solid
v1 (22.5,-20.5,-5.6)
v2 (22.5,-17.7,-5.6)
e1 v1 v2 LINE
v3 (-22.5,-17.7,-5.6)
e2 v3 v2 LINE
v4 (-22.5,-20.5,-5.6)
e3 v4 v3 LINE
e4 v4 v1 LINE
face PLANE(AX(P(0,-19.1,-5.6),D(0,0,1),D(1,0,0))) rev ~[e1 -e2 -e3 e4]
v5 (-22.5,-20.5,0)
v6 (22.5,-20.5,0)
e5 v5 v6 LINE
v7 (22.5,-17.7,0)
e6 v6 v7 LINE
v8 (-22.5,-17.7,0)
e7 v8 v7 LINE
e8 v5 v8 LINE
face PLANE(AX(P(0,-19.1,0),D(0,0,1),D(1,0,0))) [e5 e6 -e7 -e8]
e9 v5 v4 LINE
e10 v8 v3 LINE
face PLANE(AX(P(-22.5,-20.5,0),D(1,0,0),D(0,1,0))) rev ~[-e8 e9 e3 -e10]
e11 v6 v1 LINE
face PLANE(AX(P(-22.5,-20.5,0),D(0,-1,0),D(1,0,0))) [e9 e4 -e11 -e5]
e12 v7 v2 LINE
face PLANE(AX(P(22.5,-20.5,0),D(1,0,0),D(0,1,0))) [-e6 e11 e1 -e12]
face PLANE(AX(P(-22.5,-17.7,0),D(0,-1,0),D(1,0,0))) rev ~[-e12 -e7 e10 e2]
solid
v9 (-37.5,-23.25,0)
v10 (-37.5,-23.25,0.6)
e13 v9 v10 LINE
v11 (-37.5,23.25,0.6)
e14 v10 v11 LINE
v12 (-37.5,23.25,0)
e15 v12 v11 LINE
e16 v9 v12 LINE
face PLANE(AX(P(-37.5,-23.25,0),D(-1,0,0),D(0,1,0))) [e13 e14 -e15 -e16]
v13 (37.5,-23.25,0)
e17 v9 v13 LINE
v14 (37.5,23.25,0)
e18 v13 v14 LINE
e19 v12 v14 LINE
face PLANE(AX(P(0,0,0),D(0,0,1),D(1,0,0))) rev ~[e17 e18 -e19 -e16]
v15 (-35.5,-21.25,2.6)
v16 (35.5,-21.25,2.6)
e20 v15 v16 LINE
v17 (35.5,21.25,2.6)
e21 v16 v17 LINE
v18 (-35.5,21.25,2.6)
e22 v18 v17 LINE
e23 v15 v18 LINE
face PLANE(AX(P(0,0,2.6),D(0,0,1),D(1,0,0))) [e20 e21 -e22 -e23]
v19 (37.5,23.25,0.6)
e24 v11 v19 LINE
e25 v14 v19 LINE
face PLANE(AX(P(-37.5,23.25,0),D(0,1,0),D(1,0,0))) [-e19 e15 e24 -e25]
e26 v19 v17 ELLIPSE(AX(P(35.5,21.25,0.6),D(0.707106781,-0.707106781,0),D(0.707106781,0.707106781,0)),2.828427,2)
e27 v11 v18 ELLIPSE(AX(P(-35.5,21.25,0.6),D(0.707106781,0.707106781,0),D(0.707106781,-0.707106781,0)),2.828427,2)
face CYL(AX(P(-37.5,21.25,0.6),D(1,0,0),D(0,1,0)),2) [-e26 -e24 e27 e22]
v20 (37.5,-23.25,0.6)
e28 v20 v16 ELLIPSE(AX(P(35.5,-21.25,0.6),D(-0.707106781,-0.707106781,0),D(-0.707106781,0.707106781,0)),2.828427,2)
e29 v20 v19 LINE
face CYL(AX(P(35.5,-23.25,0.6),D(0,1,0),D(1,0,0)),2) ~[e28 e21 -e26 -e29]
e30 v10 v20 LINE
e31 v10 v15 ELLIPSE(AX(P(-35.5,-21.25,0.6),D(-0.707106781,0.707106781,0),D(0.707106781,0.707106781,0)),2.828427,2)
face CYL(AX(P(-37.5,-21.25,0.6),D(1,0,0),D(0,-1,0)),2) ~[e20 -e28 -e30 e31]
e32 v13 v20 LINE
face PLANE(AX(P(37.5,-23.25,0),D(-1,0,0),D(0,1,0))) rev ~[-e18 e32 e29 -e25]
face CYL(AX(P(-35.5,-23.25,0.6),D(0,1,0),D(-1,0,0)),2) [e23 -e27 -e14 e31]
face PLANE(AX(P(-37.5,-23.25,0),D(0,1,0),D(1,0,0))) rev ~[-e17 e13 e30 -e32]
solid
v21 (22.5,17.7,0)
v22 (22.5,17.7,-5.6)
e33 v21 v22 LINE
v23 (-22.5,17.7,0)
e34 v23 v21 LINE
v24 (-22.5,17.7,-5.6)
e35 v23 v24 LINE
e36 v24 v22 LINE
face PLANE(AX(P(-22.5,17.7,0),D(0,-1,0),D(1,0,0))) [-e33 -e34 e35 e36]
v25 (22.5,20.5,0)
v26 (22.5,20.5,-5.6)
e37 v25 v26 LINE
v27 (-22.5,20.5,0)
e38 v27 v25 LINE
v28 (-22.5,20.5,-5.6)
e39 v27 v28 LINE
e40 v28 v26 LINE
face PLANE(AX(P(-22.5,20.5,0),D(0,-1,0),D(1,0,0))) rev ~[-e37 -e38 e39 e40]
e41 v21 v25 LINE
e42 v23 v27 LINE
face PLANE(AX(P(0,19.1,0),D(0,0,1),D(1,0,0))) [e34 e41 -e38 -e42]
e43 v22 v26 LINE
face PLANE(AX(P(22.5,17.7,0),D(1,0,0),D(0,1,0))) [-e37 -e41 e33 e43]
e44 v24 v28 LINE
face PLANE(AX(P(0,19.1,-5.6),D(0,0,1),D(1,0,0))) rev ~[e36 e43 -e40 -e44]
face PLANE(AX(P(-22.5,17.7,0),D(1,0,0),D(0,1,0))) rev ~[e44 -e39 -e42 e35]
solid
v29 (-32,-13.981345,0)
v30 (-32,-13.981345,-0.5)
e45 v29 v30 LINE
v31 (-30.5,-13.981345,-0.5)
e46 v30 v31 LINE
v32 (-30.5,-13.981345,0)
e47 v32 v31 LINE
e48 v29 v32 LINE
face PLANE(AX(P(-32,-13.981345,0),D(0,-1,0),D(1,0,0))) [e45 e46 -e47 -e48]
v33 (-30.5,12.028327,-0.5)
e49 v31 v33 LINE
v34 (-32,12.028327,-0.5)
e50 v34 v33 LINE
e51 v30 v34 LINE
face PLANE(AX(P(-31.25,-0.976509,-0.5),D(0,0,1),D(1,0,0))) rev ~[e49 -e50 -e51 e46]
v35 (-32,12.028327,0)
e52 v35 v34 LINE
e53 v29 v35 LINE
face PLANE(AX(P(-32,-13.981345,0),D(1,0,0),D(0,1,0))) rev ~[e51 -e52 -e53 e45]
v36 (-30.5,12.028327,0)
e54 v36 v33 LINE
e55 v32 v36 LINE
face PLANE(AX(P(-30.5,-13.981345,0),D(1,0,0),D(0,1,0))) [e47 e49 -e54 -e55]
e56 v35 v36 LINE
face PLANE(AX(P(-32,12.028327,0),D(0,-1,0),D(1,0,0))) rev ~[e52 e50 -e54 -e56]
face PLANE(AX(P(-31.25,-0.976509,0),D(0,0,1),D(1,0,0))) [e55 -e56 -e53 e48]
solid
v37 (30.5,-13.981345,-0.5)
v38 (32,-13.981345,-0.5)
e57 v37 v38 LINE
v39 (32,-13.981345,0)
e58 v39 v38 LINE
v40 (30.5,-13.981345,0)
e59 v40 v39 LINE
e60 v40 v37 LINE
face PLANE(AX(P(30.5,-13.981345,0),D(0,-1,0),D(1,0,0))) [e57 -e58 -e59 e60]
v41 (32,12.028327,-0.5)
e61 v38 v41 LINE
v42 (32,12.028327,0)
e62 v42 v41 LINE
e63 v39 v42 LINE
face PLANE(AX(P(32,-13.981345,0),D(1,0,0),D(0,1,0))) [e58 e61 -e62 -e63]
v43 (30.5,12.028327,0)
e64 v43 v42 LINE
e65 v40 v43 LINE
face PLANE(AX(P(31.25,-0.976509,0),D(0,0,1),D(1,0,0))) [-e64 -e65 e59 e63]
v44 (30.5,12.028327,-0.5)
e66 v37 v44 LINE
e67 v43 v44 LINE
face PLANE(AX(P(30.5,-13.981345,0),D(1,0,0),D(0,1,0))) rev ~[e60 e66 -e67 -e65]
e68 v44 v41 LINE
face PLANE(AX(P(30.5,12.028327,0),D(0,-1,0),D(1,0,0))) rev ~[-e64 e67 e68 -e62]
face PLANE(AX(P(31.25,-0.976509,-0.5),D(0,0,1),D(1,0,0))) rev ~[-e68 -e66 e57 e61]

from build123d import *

# Parameters (mm, degrees)
F0_W     = 75
F0_H     = 46.5
F0_W_2   = 1.5
F0_H_2   = 26.009672
F0_W_3   = 45
F0_H_3   = 2.8
F0_H_4   = 35.4
F1_DEPTH = 2.6
F2_DEPTH = 5.6
F3_DEPTH = 0.5
F4_R     = 2


with BuildPart() as f1:
    # F0 (on Top) → F1 (new body)
    with BuildSketch(Plane.XY):
        Rectangle(F0_W, F0_H)
        with Locations((-31.25, -0.976509)):
            Rectangle(F0_W_2, F0_H_2, mode=Mode.SUBTRACT)
        with Locations((31.25, -0.976509)):
            Rectangle(F0_W_2, F0_H_2, mode=Mode.SUBTRACT)
        Polygon((-22.5, 20.5), (22.5, 20.5), (22.5, 17.7), (22.5, -17.7), (22.5, -20.5), (-22.5, -20.5), (-22.5, -17.7), (-22.5, 17.7), align=None, mode=Mode.SUBTRACT)
        with Locations((-31.25, -0.976509)):
            Rectangle(F0_W_2, F0_H_2)
        with Locations((0, 19.1)):
            Rectangle(F0_W_3, F0_H_3)
        Rectangle(F0_W_3, F0_H_4)
        with Locations((0, -19.1)):
            Rectangle(F0_W_3, F0_H_3)
        with Locations((31.25, -0.976509)):
            Rectangle(F0_W_2, F0_H_2)
    extrude(amount=F1_DEPTH)

    # F4
    f4_edges = [f1.edges().sort_by_distance(p)[0] for p in [
        (37.5, 0, 2.6),
        (0, -23.25, 2.6),
        (0, 23.25, 2.6),
        (-37.5, 0, 2.6),
    ]]
    fillet(f4_edges, radius=F4_R)


with BuildPart() as f2:
    # F0 (on Top) → F2 (new body)
    with BuildSketch(Plane.XY):
        with Locations((0, -19.1)):
            Rectangle(F0_W_3, F0_H_3)
        with Locations((0, 19.1)):
            Rectangle(F0_W_3, F0_H_3)
    extrude(amount=-F2_DEPTH)


with BuildPart() as f3:
    # F0 (on Top) → F3 (new body)
    with BuildSketch(Plane.XY):
        with Locations((-31.25, -0.976509)):
            Rectangle(F0_W_2, F0_H_2)
        with Locations((31.25, -0.976509)):
            Rectangle(F0_W_2, F0_H_2)
    extrude(amount=-F3_DEPTH)


solid = Compound([f1.part, f2.part, f3.part])
